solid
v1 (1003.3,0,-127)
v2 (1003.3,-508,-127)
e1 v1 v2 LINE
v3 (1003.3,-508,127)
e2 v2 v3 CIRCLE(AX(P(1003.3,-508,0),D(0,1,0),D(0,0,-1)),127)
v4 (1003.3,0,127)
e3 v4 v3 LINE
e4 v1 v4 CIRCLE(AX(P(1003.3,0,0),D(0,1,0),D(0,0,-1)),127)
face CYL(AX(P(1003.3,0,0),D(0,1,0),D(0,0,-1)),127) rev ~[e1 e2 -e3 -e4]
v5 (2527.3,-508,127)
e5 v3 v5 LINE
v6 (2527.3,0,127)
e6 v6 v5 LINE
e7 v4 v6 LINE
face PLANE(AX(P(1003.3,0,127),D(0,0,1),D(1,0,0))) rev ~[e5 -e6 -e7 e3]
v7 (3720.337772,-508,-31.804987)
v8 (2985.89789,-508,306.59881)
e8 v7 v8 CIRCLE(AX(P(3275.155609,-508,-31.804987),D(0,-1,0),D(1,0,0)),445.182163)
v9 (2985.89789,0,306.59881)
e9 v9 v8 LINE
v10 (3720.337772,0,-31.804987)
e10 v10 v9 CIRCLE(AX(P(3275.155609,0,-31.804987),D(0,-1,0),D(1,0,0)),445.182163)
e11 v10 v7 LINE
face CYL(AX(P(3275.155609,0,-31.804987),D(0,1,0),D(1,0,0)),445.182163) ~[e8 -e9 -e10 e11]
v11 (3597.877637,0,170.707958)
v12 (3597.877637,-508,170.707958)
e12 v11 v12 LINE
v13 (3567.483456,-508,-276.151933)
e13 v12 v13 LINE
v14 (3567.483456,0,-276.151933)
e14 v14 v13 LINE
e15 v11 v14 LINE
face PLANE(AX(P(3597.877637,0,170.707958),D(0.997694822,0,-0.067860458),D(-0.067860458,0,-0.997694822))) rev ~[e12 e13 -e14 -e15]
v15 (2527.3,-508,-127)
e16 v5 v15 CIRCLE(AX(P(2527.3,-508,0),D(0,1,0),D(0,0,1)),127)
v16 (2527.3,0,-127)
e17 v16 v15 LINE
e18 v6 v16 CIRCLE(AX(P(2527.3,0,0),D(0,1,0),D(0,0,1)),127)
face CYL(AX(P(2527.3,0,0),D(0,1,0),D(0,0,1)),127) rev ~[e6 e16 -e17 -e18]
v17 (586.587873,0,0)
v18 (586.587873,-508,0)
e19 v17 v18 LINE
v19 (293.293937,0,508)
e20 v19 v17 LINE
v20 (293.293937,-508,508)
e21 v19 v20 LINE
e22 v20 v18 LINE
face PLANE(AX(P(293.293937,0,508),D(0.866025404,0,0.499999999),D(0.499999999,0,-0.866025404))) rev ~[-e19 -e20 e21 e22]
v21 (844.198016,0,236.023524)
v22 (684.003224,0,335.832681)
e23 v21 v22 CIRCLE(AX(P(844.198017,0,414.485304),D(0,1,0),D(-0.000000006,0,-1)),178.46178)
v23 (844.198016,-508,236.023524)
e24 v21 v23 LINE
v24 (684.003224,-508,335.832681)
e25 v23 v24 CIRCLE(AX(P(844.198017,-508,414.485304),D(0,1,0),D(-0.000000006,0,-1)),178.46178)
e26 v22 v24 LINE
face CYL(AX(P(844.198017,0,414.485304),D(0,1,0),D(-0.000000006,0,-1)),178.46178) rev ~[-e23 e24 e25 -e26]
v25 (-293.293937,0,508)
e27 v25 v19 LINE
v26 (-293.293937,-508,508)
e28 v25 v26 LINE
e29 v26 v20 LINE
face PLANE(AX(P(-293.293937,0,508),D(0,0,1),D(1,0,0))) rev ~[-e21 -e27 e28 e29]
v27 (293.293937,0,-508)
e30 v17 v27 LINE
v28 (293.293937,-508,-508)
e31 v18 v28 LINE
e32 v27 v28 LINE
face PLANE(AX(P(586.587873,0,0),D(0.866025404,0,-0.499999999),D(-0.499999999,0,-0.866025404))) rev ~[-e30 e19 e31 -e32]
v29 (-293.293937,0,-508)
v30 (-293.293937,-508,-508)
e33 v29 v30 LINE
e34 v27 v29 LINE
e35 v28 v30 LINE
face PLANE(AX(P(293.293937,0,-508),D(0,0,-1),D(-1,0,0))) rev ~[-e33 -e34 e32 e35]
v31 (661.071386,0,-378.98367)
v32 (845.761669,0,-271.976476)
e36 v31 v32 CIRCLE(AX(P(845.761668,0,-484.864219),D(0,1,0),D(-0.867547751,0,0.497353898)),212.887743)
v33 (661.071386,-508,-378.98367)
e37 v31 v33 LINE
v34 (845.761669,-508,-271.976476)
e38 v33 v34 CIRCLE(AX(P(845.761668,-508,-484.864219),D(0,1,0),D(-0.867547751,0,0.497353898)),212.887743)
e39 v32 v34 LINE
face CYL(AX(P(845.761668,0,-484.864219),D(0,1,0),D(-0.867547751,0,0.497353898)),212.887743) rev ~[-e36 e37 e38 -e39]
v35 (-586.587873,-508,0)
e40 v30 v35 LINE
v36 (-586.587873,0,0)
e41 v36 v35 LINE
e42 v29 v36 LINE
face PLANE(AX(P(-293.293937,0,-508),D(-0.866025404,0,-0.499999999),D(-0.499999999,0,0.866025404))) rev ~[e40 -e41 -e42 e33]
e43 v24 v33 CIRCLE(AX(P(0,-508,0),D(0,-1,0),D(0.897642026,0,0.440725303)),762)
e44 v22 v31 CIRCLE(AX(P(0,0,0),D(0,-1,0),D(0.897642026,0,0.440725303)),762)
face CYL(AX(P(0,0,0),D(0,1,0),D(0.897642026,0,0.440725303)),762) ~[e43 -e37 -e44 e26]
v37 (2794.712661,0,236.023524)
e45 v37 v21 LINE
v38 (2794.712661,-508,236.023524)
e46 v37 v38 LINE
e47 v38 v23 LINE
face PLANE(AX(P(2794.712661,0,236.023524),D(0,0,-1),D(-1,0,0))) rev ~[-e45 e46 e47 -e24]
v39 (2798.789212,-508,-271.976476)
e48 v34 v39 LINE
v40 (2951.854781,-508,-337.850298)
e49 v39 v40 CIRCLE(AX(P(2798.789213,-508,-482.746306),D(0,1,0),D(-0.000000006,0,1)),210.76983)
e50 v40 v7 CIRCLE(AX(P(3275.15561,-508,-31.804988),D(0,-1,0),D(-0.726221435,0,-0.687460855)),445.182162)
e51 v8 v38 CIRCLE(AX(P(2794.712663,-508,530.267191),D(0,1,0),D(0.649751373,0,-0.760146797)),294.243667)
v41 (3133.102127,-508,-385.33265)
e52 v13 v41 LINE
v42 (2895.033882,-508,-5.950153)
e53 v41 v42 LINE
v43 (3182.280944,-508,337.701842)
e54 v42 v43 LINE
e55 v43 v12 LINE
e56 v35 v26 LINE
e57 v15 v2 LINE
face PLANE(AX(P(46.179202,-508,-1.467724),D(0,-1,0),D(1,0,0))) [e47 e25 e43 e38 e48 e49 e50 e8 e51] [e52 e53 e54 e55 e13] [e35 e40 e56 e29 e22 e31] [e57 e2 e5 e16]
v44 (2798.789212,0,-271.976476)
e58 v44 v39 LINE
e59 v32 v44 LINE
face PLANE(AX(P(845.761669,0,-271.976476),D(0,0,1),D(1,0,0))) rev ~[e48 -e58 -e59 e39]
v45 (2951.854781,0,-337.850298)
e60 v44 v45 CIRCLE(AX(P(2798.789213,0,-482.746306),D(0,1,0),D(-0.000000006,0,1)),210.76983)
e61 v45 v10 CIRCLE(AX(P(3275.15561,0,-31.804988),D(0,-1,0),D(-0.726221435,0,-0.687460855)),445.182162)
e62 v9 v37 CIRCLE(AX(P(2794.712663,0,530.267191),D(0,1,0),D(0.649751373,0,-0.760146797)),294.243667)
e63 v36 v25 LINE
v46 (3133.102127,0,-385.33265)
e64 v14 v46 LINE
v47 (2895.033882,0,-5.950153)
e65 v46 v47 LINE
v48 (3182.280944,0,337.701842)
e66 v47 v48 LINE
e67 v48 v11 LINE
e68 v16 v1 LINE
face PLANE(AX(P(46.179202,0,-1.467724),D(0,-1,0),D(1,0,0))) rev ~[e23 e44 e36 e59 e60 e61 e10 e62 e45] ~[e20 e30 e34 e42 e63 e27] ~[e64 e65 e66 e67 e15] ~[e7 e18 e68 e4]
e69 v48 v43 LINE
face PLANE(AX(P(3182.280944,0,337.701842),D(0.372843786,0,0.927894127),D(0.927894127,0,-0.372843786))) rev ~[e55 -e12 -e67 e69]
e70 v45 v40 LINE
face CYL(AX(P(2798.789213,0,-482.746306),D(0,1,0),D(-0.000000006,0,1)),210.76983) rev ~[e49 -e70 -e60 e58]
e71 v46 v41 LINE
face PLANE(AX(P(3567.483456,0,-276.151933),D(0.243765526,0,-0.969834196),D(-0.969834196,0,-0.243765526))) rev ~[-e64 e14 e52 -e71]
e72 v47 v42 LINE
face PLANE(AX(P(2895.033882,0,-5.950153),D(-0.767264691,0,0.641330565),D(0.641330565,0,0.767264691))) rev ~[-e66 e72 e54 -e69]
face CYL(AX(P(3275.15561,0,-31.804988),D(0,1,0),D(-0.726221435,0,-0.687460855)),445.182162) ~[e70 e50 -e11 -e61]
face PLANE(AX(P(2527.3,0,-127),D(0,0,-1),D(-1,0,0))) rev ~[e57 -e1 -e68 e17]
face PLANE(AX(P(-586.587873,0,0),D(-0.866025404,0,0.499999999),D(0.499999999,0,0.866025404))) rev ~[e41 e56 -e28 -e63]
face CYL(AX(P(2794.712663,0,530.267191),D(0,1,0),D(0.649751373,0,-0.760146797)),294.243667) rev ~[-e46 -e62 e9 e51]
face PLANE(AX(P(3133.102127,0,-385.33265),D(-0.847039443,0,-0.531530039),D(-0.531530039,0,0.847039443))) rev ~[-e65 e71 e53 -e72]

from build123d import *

# Parameters (mm, degrees)
F1_DEPTH = 508


with BuildPart() as f1:
    # F0 (on Front) → F1 (new body)
    with BuildSketch(Plane.XZ):
        with BuildLine():
            ThreePointArc((661.071386, -378.98367), (736.335656, -196.096409), (762, 0))
            ThreePointArc((762, 0), (742.244723, 172.385532), (684.003224, 335.832681))
            ThreePointArc((684.003224, 335.832681), (-761.608187, 24.432954), (661.071386, -378.98367))
        make_face()
        Polygon((-586.587873, 0), (-293.293937, 508), (293.293937, 508), (586.587873, 0), (293.293937, -508), (-293.293937, -508), align=None, mode=Mode.SUBTRACT)
        with BuildLine():
            ThreePointArc((684.003224, 335.832681), (742.244723, 172.385532), (762, 0))
            ThreePointArc((762, 0), (736.335656, -196.096409), (661.071386, -378.98367))
            ThreePointArc((661.071386, -378.98367), (739.036508, -300.660714), (845.761669, -271.976476))
            Line((845.761669, -271.976476), (2798.789212, -271.976476))
            ThreePointArc((2798.789212, -271.976476), (2882.108521, -289.1441), (2951.854781, -337.850298))
            ThreePointArc((2951.854781, -337.850298), (2830.593289, -8.320924), (2985.89789, 306.59881))
            ThreePointArc((2985.89789, 306.59881), (2896.610481, 254.230653), (2794.712661, 236.023524))
            Line((2794.712661, 236.023524), (844.198016, 236.023524))
            ThreePointArc((844.198016, 236.023524), (749.826093, 263.017331), (684.003224, 335.832681))
        make_face()
        with BuildLine():
            Line((2527.3, -127), (1003.3, -127))
            ThreePointArc((1003.3, -127), (876.3, 0), (1003.3, 127))
            Line((1003.3, 127), (2527.3, 127))
            ThreePointArc((2527.3, 127), (2654.3, 0), (2527.3, -127))
        make_face(mode=Mode.SUBTRACT)
        with BuildLine():
            ThreePointArc((3720.337772, -31.804987), (3461.454806, 372.521326), (2985.89789, 306.59881))
            ThreePointArc((2985.89789, 306.59881), (2830.593289, -8.320924), (2951.854781, -337.850298))
            ThreePointArc((2951.854781, -337.850298), (3439.866562, -445.395921), (3720.337772, -31.804987))
        make_face()
        Polygon((3133.102127, -385.33265), (2895.033882, -5.950153), (3182.280944, 337.701842), (3597.877637, 170.707958), (3567.483456, -276.151933), align=None, mode=Mode.SUBTRACT)
    extrude(amount=F1_DEPTH)


solid = f1.part
